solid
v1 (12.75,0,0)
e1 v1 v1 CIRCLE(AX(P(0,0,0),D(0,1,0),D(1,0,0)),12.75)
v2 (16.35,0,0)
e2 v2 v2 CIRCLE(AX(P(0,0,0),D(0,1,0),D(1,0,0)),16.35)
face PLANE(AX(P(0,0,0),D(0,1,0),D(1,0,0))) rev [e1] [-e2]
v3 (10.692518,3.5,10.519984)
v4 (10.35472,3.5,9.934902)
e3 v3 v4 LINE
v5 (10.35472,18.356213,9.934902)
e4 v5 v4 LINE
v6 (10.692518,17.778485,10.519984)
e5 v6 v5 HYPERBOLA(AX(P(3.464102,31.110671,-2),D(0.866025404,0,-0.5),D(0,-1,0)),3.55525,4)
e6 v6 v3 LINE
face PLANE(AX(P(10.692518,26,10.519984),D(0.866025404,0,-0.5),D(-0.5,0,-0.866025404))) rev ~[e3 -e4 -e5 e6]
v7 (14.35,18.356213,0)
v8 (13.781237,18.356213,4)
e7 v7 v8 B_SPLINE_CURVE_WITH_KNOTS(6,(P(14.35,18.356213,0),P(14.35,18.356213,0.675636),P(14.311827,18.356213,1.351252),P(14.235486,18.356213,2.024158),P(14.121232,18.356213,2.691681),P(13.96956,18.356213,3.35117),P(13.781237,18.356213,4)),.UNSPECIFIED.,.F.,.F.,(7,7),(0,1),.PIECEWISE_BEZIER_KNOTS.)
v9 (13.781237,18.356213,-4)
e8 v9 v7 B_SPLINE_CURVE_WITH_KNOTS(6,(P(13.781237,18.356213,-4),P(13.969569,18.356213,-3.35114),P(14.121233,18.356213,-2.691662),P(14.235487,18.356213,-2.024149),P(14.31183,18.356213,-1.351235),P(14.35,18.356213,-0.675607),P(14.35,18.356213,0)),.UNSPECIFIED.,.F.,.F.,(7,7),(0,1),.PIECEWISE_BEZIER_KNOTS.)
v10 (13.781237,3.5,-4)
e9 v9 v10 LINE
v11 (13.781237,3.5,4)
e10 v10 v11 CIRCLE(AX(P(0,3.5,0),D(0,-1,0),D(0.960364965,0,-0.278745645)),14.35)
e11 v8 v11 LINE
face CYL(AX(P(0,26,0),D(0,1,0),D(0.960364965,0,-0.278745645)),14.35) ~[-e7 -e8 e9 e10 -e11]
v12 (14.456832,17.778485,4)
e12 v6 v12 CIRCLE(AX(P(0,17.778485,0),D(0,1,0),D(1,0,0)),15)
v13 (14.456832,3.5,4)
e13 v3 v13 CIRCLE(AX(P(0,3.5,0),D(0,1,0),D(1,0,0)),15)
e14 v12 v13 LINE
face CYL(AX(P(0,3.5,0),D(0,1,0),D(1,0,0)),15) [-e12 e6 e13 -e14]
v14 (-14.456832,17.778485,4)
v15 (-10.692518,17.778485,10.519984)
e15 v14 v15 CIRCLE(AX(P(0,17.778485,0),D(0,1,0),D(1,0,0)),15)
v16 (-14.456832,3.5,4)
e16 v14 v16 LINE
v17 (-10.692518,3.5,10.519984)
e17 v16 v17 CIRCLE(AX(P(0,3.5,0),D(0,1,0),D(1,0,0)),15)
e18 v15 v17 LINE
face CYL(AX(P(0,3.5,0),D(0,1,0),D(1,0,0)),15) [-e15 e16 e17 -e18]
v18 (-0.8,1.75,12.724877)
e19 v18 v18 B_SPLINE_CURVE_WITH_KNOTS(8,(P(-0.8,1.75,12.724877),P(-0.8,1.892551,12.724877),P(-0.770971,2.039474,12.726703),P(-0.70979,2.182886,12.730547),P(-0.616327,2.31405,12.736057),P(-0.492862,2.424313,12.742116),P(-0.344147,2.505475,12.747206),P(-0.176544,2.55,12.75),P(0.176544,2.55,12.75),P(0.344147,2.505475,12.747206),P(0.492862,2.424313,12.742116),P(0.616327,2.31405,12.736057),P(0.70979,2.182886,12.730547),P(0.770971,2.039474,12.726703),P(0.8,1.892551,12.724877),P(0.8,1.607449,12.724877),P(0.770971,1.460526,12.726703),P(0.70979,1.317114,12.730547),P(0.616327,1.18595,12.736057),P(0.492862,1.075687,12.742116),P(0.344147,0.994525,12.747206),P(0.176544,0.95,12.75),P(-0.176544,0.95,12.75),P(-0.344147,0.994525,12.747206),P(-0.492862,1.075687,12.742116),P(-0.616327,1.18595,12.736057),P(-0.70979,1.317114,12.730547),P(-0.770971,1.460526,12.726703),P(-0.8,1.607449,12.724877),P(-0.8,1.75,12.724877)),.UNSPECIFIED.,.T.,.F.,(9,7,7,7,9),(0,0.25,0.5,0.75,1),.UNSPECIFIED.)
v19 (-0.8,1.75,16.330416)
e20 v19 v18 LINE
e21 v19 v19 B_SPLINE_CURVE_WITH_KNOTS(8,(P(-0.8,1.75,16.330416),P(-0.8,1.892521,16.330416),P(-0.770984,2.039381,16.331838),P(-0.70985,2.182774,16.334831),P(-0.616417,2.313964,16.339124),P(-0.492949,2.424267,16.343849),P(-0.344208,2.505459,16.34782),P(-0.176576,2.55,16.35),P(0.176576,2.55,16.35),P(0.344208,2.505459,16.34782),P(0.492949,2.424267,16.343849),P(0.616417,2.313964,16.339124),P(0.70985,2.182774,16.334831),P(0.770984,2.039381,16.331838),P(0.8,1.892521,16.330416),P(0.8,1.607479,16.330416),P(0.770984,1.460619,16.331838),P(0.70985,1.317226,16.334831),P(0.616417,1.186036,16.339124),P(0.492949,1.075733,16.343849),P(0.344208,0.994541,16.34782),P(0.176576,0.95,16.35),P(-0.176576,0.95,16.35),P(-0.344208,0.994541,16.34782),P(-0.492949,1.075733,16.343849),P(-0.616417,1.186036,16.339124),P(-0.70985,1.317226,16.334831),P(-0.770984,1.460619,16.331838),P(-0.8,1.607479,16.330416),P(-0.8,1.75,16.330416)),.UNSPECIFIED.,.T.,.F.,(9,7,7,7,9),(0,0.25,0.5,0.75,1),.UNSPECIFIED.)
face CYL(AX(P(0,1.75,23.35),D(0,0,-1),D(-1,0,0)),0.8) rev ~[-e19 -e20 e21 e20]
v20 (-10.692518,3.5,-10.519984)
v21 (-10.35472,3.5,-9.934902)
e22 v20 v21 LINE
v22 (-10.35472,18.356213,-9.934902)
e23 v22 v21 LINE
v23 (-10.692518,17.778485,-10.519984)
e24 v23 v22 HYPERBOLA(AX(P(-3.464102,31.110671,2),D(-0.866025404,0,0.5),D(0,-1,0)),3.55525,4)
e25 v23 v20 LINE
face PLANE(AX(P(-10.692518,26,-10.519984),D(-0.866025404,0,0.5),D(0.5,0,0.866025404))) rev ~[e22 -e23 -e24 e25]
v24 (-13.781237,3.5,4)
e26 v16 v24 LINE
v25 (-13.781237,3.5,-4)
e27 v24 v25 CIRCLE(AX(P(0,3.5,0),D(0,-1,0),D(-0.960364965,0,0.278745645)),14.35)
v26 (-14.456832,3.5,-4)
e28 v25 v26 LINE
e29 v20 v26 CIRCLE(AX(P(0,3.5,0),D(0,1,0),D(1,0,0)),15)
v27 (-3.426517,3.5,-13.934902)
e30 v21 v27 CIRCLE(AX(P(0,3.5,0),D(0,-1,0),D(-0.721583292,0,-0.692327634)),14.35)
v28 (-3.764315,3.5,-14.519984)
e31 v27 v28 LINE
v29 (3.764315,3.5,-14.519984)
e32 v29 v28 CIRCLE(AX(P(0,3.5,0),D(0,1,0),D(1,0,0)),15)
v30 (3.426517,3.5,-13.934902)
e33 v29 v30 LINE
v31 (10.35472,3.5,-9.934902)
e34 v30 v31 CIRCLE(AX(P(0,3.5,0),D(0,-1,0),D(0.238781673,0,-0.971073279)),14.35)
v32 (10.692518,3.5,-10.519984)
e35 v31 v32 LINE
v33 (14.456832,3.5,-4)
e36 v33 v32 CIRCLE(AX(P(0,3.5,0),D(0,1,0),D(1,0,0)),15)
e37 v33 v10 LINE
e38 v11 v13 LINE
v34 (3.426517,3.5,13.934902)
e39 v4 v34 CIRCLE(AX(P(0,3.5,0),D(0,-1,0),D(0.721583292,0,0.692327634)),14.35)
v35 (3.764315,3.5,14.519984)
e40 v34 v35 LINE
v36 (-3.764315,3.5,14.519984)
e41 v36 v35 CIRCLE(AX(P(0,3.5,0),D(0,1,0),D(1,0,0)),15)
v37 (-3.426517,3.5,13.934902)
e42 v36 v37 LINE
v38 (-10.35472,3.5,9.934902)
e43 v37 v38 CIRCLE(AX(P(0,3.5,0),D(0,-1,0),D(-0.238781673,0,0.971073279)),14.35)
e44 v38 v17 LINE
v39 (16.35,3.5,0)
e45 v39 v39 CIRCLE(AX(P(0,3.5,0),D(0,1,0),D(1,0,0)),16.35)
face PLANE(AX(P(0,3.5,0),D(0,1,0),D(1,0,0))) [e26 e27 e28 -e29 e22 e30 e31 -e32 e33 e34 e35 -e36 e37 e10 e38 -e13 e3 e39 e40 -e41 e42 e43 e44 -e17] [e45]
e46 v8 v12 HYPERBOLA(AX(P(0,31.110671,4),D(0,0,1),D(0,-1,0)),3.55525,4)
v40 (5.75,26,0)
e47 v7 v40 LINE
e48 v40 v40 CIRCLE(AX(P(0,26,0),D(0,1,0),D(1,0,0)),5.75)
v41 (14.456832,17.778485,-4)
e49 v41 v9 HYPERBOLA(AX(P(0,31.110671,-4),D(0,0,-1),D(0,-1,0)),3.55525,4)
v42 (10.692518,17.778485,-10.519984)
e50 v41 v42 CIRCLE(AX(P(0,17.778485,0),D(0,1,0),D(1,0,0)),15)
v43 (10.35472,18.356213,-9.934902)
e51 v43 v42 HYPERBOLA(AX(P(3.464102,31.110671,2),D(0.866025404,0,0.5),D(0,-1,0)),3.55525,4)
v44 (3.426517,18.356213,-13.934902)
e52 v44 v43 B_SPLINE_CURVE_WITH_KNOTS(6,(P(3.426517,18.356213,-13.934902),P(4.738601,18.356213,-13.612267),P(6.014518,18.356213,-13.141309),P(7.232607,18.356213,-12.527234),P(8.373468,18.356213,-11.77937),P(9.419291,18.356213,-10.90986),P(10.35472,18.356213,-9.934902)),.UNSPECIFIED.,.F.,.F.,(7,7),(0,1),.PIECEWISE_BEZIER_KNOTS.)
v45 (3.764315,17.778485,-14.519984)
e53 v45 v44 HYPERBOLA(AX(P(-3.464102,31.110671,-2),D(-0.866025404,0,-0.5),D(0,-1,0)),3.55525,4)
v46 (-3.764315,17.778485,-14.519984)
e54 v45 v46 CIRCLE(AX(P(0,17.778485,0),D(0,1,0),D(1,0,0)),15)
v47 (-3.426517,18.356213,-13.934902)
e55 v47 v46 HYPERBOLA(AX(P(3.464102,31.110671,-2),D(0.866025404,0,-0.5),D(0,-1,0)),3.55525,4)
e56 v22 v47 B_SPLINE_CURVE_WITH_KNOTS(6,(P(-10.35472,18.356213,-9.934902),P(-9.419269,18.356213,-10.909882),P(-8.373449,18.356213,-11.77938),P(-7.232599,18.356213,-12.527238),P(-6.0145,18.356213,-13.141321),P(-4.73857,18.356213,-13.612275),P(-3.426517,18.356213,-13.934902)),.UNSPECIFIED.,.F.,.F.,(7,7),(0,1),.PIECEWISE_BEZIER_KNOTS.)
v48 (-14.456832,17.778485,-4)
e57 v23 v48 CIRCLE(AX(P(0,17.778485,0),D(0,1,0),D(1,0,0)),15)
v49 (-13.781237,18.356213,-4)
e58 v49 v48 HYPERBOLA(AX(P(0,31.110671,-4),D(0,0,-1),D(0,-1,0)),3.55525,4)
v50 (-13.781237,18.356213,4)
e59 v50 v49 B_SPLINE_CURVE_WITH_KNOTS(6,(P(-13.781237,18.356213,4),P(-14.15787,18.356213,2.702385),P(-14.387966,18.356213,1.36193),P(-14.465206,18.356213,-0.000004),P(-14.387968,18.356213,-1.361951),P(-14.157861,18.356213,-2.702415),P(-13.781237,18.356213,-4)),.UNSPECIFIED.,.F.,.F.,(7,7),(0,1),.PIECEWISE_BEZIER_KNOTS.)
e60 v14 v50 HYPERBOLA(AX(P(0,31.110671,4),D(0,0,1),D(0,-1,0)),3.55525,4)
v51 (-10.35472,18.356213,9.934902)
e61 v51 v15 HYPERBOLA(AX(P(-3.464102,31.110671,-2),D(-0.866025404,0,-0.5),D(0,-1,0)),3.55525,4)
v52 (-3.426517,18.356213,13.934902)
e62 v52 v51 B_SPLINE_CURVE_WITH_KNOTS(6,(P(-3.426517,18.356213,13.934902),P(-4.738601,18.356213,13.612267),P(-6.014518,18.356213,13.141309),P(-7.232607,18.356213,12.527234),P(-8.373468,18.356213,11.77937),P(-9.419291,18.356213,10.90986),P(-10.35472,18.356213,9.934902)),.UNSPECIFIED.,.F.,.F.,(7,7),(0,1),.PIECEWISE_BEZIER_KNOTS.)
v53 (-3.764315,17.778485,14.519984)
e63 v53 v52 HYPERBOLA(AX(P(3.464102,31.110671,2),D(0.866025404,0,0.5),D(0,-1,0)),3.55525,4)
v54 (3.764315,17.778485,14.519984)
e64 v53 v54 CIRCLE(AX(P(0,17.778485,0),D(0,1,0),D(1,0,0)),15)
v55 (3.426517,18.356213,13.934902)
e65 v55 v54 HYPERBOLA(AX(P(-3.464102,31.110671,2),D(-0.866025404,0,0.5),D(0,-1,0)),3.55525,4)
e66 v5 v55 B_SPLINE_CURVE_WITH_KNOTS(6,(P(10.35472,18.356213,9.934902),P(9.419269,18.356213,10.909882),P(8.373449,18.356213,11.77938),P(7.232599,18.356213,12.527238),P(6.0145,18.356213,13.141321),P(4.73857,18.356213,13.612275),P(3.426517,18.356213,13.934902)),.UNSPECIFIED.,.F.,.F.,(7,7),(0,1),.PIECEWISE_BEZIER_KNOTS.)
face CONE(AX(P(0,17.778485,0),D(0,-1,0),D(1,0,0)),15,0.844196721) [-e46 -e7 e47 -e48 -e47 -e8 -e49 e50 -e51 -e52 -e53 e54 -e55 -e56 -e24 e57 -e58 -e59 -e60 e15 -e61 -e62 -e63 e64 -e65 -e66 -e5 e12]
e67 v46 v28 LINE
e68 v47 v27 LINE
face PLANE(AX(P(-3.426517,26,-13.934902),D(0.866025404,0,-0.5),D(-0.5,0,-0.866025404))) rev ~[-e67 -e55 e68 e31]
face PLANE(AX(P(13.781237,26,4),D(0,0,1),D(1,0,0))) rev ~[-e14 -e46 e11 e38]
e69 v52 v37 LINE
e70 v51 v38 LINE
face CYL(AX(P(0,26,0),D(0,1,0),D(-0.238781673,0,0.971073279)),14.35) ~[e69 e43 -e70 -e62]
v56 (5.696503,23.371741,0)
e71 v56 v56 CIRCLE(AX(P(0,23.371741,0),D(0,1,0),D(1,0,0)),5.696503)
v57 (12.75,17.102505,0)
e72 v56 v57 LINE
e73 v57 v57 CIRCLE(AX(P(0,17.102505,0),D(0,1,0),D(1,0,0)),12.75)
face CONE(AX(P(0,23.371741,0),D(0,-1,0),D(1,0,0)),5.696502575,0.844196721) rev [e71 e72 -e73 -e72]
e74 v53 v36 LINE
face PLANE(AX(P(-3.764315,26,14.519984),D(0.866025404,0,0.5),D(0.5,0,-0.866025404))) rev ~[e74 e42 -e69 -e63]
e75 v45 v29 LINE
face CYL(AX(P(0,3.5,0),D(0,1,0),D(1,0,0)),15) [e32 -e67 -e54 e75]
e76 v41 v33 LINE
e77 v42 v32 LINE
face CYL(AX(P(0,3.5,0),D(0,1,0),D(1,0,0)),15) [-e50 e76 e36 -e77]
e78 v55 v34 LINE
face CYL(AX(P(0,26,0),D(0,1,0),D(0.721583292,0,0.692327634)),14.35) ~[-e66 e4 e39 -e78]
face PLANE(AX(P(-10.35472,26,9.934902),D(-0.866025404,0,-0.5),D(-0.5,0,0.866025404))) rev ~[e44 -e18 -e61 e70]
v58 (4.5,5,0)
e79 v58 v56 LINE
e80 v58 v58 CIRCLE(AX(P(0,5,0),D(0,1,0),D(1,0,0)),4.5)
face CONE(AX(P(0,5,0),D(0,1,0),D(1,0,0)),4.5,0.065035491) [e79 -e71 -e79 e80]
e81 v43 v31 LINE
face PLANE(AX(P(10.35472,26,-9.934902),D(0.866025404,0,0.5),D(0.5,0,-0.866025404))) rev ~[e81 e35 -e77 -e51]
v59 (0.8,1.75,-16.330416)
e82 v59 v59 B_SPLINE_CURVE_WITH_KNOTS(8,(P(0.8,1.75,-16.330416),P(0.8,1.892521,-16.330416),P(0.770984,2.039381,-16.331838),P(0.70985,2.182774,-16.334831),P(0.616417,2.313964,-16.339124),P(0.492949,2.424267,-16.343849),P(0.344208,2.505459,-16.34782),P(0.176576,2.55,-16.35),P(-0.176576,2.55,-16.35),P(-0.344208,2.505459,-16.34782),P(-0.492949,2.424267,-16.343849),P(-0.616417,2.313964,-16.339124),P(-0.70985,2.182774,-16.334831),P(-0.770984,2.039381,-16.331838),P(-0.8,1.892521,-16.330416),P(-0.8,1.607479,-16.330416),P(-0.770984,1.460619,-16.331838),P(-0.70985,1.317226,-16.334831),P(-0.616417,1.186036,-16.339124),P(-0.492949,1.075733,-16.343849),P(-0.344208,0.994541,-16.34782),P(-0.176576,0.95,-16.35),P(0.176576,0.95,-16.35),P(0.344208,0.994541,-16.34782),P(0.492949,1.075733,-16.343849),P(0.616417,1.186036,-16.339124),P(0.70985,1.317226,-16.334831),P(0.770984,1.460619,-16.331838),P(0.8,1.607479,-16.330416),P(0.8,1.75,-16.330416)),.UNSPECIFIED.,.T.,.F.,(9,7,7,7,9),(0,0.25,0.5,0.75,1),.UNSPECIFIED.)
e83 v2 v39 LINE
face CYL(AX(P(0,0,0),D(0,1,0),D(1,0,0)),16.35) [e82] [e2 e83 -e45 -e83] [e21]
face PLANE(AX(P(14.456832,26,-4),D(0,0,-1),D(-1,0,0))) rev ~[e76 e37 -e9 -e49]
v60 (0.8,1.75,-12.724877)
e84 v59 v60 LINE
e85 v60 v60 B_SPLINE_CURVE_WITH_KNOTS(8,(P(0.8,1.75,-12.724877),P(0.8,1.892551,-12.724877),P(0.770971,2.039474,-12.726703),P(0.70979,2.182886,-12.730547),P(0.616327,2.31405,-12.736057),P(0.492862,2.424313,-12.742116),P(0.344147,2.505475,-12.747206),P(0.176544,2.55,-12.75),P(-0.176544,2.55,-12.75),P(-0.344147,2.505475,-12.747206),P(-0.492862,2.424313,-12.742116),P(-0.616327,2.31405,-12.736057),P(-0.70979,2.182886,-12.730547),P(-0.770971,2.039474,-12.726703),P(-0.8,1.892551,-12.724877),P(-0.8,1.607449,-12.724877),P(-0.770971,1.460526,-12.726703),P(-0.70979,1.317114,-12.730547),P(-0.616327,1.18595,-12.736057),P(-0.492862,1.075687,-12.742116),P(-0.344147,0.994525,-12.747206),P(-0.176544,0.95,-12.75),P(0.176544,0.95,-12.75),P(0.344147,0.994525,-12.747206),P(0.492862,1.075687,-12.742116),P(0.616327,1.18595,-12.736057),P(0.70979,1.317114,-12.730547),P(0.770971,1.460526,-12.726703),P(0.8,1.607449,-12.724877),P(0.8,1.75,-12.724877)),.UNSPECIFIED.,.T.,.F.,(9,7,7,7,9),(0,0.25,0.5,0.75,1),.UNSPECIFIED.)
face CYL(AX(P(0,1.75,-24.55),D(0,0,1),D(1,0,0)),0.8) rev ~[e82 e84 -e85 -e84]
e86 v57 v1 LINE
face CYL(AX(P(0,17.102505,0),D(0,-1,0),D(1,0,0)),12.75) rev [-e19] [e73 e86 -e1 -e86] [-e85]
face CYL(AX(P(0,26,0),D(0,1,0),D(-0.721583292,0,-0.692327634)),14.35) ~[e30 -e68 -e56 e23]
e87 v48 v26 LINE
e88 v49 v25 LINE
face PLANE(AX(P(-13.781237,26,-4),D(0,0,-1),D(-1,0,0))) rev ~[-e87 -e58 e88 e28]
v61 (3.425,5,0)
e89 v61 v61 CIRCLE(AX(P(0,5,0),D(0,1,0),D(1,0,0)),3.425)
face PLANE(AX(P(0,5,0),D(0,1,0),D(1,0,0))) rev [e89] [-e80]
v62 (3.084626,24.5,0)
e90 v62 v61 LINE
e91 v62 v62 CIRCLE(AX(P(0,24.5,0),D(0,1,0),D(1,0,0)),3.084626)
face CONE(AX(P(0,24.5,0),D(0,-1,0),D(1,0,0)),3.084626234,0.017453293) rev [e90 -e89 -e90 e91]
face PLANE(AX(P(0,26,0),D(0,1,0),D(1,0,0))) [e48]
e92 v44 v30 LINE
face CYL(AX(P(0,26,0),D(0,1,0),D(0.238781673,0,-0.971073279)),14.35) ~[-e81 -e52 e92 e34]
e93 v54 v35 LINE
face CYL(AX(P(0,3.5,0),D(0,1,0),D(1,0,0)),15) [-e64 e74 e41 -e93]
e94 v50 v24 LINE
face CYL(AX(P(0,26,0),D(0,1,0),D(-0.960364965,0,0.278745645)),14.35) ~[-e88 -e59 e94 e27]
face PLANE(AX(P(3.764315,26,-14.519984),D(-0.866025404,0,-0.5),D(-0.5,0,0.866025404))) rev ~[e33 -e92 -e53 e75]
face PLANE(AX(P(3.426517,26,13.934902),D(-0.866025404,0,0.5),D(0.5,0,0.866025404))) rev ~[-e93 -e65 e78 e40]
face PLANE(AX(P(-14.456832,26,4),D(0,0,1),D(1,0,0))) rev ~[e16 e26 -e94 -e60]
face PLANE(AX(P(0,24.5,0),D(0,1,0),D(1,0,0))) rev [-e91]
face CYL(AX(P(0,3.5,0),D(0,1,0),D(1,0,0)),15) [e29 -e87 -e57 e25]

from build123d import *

# Parameters (mm, degrees)
CUT_EXTRUDE1_DEPTH        = 22.5
CIRPATTERN1_COUNT         = 6
M2X0_4_TAPPED_HOLE1_D     = 1.6
M2X0_4_TAPPED_HOLE1_DEPTH = 7
M2X0_4_TAPPED_HOLE1_TIP   = 0.480688495
M2X0_4_TAPPED_HOLE2_D     = 1.6
M2X0_4_TAPPED_HOLE2_DEPTH = 8.2
M2X0_4_TAPPED_HOLE2_TIP   = 0.480688495


with BuildPart() as part:
    # Sketch1 one side → Revolve3 (revolve)
    with BuildSketch(Plane.XY):
        Polygon((12.75, 0), (16.35, 0), (16.35, 3.5), (15, 3.5), (15, 17.778485378), (5.75, 26), (0, 26), (0, 24.5), (3.084626234, 24.5), (3.425, 5), (4.5, 5), (5.696502575, 23.37174091), (12.75, 17.102504994), align=None)
    revolve(axis=Axis((0, 0, 0), (0, 1, 0)))

    # Sketch2 → Cut-Extrude1 (cut)
    with BuildSketch(Plane(origin=(0, 26, 0), x_dir=(1, 0, 0), z_dir=(0, 1, 0))):
        with BuildLine():
            Line((13.781237245, -4), (14.456832295, -4))
            ThreePointArc((14.456832295, -4), (15, 0), (14.456832295, 4))
            Line((14.456832295, 4), (13.781237245, 4))
            ThreePointArc((13.781237245, 4), (14.35, 0), (13.781237245, -4))
        make_face()
    cut_extrude1 = extrude(amount=-CUT_EXTRUDE1_DEPTH, mode=Mode.SUBTRACT)

    # CirPattern1: Cut-Extrude1 ×6 about axis
    cirpattern1_axis = Axis((0, 0, 0), (0, 1, 0))
    for i in range(1, CIRPATTERN1_COUNT):
        add(cut_extrude1.rotate(cirpattern1_axis, i * 360 / CIRPATTERN1_COUNT), mode=Mode.SUBTRACT)

    # M2x0.4 Tapped Hole1
    with Locations(Plane.XY.offset(16.35)):
        with Locations((0, 1.75)):
            Hole(M2X0_4_TAPPED_HOLE1_D / 2, depth=M2X0_4_TAPPED_HOLE1_DEPTH)
            with Locations((0, 0, -(M2X0_4_TAPPED_HOLE1_DEPTH + M2X0_4_TAPPED_HOLE1_TIP / 2))):  # 118° drill point
                Cone(0, M2X0_4_TAPPED_HOLE1_D / 2, M2X0_4_TAPPED_HOLE1_TIP, mode=Mode.SUBTRACT)

    # M2x0.4 Tapped Hole2
    with Locations(Plane(origin=(0, 0, -16.35), x_dir=(-1, 0, 0), z_dir=(0, 0, -1))):
        with Locations((0, 1.75)):
            Hole(M2X0_4_TAPPED_HOLE2_D / 2, depth=M2X0_4_TAPPED_HOLE2_DEPTH)
            with Locations((0, 0, -(M2X0_4_TAPPED_HOLE2_DEPTH + M2X0_4_TAPPED_HOLE2_TIP / 2))):  # 118° drill point
                Cone(0, M2X0_4_TAPPED_HOLE2_D / 2, M2X0_4_TAPPED_HOLE2_TIP, mode=Mode.SUBTRACT)


solid = part.part
